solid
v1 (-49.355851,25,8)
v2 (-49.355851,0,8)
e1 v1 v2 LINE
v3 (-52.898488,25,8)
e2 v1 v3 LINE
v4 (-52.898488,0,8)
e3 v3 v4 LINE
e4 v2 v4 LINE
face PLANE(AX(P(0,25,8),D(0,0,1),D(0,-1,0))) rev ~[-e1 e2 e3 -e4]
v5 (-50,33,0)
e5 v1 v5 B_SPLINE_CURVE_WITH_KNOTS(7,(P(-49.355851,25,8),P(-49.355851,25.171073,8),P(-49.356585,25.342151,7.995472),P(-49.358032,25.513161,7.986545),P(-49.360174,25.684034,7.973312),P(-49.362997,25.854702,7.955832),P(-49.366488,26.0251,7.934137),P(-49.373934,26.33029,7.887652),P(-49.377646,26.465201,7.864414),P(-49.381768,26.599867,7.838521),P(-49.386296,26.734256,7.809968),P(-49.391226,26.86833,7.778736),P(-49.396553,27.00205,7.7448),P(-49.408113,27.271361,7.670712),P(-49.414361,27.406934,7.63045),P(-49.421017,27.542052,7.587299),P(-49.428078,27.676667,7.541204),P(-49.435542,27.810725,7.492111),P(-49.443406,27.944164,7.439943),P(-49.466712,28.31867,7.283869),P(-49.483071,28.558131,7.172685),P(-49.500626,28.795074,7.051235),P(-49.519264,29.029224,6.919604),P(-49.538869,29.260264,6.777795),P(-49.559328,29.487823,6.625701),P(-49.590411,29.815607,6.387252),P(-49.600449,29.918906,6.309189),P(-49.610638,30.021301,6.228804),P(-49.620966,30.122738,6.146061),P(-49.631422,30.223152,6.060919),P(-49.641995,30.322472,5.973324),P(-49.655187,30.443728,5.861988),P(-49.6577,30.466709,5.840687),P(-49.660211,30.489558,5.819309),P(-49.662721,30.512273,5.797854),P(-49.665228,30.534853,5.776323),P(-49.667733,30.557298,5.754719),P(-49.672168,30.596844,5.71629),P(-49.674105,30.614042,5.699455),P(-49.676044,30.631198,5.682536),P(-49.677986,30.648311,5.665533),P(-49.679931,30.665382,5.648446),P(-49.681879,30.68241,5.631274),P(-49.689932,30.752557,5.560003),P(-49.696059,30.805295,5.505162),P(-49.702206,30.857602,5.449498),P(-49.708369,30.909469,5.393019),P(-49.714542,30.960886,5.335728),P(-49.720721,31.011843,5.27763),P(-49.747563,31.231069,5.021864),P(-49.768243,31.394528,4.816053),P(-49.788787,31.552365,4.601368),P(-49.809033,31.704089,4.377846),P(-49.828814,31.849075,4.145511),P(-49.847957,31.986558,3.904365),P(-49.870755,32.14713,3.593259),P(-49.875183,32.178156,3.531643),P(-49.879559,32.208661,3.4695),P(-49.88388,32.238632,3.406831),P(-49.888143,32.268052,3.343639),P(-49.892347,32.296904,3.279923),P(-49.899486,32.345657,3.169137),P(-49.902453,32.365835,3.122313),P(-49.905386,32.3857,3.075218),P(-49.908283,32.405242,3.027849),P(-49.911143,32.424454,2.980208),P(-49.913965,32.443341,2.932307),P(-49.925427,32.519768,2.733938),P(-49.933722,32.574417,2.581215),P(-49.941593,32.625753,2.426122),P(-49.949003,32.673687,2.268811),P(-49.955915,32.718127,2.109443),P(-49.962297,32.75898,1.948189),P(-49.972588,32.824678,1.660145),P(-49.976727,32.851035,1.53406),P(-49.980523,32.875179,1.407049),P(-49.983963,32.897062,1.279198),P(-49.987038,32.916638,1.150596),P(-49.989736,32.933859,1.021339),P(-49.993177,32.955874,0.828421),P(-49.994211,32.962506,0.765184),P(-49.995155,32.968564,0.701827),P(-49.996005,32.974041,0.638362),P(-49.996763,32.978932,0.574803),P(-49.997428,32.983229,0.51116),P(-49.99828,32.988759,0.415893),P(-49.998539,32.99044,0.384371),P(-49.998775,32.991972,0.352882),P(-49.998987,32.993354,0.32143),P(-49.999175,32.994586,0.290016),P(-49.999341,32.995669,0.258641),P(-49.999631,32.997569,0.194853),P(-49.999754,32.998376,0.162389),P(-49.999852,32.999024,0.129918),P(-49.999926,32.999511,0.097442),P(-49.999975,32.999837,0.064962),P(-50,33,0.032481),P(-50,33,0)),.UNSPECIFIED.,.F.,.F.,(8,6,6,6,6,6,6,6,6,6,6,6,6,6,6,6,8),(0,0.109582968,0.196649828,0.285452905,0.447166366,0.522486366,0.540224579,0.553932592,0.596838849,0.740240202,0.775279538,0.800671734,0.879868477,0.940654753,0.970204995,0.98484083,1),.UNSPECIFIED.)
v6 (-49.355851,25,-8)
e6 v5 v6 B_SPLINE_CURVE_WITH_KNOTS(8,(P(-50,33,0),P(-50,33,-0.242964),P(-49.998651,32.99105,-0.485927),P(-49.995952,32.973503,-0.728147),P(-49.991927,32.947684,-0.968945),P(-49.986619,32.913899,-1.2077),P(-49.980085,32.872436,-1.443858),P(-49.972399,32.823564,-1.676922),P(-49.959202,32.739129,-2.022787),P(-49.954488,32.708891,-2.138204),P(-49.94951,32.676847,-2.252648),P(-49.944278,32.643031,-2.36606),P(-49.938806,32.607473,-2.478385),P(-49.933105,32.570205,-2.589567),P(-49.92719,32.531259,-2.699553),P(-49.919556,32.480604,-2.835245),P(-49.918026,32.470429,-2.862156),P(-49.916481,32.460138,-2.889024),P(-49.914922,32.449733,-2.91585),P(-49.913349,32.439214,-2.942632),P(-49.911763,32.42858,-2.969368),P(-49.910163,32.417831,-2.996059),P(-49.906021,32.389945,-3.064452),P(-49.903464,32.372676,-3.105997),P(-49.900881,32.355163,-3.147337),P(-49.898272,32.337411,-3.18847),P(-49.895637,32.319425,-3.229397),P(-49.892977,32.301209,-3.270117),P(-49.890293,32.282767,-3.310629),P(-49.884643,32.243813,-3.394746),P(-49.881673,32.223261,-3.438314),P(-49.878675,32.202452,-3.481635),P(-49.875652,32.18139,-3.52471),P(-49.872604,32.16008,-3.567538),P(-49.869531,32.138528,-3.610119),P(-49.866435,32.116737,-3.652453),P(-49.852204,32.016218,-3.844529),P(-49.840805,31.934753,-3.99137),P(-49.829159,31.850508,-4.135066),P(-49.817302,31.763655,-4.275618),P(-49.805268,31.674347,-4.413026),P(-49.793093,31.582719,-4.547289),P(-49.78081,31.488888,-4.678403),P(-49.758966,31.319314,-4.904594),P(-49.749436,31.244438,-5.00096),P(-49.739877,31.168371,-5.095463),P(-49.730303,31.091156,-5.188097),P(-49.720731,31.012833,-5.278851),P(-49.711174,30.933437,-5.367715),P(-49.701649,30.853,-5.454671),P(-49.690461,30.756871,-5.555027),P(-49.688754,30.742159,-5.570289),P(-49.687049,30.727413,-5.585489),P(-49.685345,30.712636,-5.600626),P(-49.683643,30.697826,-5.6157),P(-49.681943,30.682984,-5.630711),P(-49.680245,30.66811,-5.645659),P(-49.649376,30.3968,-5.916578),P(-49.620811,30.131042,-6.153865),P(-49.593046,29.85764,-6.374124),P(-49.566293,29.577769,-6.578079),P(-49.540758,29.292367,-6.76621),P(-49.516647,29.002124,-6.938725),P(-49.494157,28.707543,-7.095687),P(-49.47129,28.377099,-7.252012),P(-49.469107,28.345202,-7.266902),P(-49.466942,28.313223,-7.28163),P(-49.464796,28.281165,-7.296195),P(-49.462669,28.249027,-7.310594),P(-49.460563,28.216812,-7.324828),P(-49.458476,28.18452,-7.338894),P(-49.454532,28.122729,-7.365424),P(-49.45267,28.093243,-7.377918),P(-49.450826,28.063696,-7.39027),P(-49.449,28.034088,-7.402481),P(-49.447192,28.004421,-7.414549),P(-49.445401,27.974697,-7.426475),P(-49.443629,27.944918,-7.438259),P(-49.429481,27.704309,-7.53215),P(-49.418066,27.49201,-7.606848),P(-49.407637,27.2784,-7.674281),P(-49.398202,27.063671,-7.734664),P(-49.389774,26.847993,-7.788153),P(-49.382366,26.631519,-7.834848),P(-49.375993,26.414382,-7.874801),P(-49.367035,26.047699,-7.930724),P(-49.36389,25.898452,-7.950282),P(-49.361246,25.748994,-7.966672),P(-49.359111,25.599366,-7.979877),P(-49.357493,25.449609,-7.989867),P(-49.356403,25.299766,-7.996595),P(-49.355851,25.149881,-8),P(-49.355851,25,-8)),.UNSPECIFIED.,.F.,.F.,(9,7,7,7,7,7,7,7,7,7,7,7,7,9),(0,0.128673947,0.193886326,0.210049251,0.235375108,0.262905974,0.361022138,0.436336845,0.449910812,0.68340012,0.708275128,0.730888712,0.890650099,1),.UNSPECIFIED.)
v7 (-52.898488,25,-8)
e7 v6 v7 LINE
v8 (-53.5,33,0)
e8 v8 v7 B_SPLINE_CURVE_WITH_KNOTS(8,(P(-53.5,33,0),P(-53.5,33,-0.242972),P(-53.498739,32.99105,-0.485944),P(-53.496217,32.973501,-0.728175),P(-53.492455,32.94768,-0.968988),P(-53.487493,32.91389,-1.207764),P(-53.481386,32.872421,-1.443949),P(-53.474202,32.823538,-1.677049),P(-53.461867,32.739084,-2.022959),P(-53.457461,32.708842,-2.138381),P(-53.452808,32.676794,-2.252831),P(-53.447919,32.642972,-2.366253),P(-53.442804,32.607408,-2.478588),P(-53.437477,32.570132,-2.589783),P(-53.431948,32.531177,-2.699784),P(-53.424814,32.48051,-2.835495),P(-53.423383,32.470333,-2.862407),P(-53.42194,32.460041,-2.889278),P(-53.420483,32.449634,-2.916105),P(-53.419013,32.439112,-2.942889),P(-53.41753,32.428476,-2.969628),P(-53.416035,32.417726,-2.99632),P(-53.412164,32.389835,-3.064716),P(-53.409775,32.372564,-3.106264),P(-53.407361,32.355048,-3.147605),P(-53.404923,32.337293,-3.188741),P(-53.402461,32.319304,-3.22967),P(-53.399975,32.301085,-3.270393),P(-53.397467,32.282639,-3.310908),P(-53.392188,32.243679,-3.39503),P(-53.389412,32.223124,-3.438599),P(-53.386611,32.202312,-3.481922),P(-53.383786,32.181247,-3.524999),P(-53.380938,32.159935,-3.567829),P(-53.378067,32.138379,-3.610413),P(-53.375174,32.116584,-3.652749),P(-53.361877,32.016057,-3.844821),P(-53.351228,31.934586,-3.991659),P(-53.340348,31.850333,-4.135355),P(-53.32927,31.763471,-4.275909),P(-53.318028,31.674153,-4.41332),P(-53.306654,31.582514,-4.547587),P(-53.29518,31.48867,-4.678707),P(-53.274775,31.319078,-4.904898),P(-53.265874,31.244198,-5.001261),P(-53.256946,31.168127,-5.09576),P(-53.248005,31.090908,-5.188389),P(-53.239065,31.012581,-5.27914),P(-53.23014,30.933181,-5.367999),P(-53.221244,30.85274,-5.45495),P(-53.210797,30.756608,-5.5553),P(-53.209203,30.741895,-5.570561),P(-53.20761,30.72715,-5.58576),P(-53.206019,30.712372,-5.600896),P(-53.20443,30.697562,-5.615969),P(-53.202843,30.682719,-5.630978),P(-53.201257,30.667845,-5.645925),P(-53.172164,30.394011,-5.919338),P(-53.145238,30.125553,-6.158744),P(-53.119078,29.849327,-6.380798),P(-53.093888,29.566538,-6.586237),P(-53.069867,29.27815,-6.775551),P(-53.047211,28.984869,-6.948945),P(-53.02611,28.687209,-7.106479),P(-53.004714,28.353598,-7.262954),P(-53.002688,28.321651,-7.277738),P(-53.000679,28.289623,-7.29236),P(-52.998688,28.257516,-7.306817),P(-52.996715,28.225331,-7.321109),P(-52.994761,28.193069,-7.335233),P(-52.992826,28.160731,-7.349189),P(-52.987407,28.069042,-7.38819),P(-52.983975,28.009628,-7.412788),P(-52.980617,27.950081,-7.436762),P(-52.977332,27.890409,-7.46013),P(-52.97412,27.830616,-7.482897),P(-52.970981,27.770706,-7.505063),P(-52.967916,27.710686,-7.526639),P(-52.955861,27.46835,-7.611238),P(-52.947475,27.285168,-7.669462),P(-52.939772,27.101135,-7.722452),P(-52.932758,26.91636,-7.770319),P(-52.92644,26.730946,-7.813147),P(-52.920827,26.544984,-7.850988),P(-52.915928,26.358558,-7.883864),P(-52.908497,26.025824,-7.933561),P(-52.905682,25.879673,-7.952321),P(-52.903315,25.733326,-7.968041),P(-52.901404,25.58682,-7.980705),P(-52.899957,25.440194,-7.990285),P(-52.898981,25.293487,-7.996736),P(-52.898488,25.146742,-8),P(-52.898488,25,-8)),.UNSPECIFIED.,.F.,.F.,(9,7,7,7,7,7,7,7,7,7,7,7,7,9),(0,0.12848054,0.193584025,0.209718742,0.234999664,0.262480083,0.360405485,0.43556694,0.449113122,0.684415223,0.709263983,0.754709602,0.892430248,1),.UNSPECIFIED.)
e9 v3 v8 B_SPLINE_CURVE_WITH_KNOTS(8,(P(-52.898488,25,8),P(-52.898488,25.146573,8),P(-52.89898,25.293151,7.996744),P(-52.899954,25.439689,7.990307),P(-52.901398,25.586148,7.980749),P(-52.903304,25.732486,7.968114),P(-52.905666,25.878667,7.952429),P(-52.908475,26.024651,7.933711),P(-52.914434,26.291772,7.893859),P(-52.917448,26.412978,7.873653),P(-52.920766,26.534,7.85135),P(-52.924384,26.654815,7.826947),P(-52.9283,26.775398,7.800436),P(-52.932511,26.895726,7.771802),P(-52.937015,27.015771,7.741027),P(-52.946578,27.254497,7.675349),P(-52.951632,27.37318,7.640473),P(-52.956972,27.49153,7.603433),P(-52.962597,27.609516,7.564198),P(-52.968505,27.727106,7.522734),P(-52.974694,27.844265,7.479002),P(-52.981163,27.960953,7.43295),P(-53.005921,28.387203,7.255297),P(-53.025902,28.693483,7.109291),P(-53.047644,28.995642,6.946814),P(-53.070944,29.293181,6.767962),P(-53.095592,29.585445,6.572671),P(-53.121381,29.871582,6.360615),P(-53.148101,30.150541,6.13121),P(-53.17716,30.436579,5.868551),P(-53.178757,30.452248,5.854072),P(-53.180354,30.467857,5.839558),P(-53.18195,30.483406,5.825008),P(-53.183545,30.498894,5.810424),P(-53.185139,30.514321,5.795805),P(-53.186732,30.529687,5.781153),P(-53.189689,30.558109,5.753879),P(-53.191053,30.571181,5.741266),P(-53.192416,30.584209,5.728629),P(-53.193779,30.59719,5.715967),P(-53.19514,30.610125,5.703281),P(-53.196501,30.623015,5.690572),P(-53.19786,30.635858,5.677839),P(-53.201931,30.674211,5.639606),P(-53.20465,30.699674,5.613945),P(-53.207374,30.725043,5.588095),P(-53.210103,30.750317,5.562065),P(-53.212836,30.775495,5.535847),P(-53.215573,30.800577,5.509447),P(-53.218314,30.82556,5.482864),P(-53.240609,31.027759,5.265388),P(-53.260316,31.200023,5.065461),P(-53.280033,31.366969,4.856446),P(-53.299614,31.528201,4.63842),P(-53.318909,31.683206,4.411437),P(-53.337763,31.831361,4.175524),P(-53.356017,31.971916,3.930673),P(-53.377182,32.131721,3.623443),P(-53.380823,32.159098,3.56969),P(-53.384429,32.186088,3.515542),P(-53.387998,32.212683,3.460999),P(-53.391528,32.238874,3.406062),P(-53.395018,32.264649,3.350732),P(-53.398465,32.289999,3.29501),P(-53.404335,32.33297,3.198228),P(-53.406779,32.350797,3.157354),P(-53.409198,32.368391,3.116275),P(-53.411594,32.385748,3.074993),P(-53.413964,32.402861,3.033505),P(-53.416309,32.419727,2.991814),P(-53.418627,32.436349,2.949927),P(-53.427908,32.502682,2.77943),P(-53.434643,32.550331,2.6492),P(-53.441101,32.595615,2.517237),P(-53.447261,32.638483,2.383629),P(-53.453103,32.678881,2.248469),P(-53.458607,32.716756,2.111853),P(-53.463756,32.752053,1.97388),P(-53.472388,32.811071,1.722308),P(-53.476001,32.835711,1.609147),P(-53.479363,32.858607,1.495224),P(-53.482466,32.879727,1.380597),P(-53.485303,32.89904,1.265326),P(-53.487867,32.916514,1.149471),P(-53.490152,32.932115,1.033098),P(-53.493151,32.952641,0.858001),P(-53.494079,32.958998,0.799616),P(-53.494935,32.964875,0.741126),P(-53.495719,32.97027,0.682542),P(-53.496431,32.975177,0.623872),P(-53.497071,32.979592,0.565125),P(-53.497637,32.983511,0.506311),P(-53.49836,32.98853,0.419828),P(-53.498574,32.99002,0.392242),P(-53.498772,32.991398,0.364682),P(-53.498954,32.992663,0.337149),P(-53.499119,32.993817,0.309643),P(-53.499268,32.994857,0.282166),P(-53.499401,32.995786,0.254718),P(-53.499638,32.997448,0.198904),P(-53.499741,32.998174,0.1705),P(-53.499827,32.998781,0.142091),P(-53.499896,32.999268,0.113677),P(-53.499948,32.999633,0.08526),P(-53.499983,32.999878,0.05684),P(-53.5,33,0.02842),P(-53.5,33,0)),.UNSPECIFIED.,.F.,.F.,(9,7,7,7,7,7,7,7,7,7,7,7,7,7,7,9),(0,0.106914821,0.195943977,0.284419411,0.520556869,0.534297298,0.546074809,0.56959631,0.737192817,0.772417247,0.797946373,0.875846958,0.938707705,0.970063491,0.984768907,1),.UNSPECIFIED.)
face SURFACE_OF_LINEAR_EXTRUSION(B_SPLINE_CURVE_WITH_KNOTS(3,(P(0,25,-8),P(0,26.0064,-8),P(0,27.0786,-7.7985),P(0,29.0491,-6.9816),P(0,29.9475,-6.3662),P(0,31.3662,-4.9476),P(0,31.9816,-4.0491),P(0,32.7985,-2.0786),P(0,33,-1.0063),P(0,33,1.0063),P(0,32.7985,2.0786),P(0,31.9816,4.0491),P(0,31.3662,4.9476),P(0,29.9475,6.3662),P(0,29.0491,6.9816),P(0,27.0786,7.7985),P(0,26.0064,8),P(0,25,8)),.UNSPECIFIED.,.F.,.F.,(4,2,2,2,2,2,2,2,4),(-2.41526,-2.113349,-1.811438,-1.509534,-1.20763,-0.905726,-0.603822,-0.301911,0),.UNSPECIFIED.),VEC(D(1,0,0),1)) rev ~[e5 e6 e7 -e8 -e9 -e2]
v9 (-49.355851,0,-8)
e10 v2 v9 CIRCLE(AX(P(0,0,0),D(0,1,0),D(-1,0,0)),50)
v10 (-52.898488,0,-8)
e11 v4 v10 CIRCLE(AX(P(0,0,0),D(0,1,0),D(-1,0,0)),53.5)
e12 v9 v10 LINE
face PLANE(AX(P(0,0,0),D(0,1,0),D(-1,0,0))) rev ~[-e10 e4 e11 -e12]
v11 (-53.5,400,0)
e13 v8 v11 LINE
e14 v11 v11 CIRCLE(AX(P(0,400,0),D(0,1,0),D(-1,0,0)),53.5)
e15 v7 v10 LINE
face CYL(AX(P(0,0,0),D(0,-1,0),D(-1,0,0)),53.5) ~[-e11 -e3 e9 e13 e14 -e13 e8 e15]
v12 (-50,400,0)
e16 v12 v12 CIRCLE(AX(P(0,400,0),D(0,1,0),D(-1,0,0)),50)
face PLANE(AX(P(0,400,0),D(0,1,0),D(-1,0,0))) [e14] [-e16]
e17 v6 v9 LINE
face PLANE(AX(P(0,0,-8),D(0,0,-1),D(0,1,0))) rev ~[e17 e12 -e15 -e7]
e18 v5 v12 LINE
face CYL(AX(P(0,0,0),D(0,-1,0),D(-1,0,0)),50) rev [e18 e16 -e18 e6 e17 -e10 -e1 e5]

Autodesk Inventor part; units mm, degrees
ref_plane "YZ Plane" through (0, 0, 0) normal (1, 0, 0) x (0, 1, 0)
ref_plane "XZ Plane" through (0, 0, 0) normal (0, 1, 0) x (-1, 0, 0)
ref_plane "XY Plane" through (0, 0, 0) normal (0, 0, 1) x (1, 0, 0)
sketch "Sketch1" plane through (0, 0, 0) normal (0, 1, 0) x (-1, 0, 0)
  circle A0 centre (0, 0) radius 50
  circle A1 centre (0, 0) radius 53.5
  dimension "d0" = 100
  dimension "d1" = 3.5
extrude "Extrusion1" add sketch "Sketch1" along normal blind 400
sketch "Sketch3" plane through (0, 0, 0) normal (1, 0, 0) x (0, 1, 0)
  spline S0 degree 3 poles (25, -8) (26.0064, -8) (27.0786, -7.7985) (29.0491, -6.9816) (29.9475, -6.3662) (31.3662, -4.9476) (31.9816, -4.0491) (32.7985, -2.0786) (33, -1.0063) (33, 1.0063) (32.7985, 2.0786) (31.9816, 4.0491) (31.3662, 4.9476) (29.9475, 6.3662) (29.0491, 6.9816) (27.0786, 7.7985) (26.0064, 8) (25, 8) knots -2.41526 -2.41526 -2.41526 -2.41526 -2.113349 -2.113349 -1.811438 -1.811438 -1.509534 -1.509534 -1.20763 -1.20763 -0.905726 -0.905726 -0.603822 -0.603822 -0.301911 -0.301911 0 0 0 0 projected
  line L0 (25, 8) -> (0, 8) projected
  line L1 (0, -8) -> (25, -8) projected
  line L2 (0, 8) -> (0, -8)
  line L3 (0, 53.5) -> (0, -53.5) projected
  point P0 (0, 0)
extrude "Extrusion2" cut sketch "Sketch3" against normal through all
properties part number "Crusher_Tube"
